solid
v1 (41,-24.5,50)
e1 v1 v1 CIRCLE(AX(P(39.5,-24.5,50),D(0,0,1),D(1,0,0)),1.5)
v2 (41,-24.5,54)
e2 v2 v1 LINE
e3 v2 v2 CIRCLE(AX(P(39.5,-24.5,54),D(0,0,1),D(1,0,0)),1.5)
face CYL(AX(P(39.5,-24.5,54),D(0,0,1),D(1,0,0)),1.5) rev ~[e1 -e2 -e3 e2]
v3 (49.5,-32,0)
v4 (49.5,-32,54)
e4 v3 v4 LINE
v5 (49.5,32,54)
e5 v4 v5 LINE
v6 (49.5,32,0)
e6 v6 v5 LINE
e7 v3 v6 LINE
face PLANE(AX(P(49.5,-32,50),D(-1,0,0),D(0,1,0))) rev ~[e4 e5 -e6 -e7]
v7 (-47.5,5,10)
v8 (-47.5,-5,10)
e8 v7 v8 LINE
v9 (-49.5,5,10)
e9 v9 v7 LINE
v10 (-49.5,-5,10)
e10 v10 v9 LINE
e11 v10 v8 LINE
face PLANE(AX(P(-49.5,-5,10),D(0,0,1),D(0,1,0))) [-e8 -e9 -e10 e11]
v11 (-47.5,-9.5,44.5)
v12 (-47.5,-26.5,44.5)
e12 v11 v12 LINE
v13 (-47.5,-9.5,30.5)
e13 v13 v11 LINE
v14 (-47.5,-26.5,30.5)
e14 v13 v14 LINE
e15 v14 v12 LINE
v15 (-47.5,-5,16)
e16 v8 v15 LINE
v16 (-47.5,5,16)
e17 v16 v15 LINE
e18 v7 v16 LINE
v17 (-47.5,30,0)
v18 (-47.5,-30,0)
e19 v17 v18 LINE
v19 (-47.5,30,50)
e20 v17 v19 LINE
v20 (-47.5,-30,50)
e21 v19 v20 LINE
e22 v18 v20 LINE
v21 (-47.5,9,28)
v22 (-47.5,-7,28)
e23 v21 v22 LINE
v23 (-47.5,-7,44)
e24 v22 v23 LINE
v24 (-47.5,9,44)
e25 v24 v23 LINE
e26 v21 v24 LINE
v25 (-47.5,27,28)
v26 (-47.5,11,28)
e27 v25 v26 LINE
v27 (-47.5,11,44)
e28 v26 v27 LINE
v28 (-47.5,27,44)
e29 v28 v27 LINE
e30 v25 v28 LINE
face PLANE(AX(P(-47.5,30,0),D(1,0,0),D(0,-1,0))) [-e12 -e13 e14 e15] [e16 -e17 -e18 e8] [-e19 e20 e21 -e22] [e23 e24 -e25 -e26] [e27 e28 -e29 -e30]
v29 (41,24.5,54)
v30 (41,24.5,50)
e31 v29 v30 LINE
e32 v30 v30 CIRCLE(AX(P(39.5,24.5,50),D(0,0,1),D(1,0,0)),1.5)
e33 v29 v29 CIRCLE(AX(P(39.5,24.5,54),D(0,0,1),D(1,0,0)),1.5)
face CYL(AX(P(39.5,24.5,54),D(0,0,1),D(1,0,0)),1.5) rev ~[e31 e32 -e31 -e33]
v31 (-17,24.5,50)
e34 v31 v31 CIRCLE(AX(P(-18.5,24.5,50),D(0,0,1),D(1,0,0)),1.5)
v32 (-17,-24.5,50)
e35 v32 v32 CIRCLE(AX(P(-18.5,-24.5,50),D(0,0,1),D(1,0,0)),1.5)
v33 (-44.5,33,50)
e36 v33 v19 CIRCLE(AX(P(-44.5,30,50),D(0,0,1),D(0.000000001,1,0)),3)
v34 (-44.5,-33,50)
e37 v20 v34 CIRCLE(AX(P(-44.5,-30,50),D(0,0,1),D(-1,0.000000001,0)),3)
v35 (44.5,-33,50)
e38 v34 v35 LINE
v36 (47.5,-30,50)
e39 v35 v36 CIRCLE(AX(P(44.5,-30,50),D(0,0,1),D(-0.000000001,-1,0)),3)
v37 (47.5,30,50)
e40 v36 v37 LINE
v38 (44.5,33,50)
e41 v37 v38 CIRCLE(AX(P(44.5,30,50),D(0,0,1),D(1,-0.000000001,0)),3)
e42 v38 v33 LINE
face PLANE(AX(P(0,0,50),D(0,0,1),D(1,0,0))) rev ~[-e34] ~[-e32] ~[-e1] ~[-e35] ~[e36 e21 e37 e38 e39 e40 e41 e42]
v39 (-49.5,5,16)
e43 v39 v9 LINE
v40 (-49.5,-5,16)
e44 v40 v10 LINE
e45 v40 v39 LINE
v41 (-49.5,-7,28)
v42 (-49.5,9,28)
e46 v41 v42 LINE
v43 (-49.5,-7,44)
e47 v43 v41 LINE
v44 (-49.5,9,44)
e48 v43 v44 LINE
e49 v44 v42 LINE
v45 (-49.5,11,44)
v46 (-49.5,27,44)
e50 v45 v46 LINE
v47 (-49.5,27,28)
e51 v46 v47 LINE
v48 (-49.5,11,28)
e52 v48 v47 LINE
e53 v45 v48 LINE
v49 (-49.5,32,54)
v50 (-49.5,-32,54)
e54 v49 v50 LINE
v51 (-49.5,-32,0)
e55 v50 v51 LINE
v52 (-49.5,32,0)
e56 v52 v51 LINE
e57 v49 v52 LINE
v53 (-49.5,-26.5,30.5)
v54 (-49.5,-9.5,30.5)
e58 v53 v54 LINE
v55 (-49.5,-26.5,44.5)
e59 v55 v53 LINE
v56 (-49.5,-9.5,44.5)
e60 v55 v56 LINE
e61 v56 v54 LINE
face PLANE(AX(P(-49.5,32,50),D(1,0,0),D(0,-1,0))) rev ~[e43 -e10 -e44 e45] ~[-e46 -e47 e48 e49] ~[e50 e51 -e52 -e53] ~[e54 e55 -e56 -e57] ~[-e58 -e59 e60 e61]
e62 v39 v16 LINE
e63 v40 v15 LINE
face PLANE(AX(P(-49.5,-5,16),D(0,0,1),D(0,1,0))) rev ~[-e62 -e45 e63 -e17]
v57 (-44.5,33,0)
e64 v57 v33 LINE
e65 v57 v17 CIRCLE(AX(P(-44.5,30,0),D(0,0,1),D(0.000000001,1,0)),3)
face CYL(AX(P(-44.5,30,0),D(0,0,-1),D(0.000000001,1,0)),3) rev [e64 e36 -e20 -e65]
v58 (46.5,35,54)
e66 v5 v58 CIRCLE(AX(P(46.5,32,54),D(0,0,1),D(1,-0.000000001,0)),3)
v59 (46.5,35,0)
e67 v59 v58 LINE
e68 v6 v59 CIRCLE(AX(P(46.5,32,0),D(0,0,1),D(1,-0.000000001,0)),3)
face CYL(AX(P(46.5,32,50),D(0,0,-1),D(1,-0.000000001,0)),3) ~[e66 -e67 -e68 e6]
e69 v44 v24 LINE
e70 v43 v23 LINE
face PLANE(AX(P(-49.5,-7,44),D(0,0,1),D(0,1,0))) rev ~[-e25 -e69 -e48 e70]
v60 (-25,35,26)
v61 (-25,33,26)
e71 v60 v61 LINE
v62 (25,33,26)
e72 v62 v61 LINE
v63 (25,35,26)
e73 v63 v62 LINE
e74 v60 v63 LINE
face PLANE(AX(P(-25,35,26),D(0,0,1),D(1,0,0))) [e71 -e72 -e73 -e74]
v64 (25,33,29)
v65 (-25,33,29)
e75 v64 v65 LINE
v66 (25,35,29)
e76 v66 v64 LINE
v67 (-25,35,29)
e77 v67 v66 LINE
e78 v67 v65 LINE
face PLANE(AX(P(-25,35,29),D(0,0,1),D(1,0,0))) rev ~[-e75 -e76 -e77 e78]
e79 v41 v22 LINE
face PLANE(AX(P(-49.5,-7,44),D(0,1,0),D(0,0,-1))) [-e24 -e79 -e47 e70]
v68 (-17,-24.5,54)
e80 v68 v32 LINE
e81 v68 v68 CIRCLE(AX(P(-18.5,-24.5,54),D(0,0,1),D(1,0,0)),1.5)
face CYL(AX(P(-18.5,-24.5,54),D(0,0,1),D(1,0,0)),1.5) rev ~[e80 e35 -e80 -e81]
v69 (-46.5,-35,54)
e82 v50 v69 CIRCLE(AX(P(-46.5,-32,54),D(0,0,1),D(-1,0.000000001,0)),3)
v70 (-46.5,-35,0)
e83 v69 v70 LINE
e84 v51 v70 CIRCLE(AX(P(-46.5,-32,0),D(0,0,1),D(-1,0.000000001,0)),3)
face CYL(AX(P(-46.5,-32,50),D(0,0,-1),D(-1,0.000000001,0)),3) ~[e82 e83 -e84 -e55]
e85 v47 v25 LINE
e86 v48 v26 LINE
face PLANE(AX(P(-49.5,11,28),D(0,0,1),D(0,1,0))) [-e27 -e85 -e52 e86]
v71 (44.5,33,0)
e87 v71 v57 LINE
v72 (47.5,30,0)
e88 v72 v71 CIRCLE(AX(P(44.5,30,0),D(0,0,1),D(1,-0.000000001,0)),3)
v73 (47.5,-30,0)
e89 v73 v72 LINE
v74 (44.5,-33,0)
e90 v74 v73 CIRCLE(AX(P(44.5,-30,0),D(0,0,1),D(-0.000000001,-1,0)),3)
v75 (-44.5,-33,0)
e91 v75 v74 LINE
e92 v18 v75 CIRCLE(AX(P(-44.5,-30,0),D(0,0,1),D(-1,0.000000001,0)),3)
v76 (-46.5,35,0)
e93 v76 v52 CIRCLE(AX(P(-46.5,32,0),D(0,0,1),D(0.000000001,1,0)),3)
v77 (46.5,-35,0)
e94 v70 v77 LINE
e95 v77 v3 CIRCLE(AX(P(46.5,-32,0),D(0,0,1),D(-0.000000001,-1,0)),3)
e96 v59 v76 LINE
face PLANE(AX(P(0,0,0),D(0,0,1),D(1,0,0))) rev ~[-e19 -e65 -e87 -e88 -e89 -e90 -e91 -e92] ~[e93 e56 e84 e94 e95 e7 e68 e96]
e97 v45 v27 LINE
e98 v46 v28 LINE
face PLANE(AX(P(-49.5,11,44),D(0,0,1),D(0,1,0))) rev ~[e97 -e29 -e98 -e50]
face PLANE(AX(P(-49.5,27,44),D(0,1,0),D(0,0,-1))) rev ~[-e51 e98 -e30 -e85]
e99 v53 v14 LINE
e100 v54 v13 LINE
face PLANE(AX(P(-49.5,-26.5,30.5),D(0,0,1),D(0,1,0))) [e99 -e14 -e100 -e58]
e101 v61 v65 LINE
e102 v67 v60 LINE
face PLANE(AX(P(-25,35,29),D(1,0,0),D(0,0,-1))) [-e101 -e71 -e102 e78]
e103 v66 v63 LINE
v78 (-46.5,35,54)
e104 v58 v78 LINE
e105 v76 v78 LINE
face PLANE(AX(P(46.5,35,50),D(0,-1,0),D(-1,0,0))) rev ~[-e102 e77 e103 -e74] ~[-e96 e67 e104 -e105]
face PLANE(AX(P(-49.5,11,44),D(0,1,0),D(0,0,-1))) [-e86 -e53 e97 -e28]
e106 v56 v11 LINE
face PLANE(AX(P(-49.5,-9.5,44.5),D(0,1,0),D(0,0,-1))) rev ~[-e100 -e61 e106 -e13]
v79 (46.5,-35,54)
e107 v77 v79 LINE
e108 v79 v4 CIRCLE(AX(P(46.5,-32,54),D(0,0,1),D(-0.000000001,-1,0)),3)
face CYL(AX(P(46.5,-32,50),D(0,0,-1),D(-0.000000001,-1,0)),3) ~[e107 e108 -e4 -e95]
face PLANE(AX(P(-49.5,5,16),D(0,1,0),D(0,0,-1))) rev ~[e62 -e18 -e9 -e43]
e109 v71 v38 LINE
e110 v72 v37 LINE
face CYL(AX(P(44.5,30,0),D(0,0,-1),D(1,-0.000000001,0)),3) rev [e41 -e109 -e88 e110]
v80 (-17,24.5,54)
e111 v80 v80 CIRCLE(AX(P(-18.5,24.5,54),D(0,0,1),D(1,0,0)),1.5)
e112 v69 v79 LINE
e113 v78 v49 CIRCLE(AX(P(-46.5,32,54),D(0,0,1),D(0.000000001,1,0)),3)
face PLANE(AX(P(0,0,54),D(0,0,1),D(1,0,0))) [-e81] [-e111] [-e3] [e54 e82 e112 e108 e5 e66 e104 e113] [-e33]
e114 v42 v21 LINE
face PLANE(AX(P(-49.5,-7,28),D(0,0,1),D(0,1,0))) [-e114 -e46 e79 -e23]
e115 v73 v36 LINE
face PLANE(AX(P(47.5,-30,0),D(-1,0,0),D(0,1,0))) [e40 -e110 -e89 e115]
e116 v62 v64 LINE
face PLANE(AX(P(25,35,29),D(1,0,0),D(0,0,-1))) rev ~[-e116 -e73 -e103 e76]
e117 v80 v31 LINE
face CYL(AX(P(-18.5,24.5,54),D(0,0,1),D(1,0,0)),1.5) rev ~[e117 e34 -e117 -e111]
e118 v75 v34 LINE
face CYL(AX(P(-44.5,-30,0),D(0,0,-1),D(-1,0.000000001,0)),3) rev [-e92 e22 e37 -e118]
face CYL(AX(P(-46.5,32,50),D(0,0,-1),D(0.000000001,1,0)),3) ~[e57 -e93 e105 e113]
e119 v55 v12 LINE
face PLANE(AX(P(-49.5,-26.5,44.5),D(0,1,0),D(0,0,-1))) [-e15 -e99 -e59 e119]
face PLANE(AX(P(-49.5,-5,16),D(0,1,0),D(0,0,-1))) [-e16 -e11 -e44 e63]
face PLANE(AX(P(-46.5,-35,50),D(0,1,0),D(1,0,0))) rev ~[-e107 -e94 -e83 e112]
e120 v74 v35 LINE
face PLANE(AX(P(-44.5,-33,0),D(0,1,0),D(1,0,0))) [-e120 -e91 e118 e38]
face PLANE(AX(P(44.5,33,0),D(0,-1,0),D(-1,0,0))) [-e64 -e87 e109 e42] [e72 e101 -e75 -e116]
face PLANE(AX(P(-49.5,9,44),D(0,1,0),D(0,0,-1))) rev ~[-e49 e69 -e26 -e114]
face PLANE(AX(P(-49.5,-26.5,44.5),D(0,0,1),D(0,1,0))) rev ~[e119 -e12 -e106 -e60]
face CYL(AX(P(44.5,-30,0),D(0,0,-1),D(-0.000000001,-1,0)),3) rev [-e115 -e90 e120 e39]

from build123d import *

# Parameters (mm, degrees)
BOSS_EXTRU_1_DEPTH      = 50
BOSS_EXTRU_2_START      = 50
BOSS_EXTRU_2_DEPTH      = 4
ESQUISSE3_R             = 1.5
ENL_V_MAT_EXTRU_1_DEPTH = 82.186513658
ESQUISSE4_W             = 14
ESQUISSE4_H             = 17
ESQUISSE4_W_2           = 16
ESQUISSE4_H_2           = 16
ESQUISSE4_W_3           = 6
ESQUISSE4_H_3           = 10
ENL_V_MAT_EXTRU_4_DEPTH = 4
ESQUISSE5_W             = 50
ESQUISSE5_H             = 3
ENL_V_MAT_EXTRU_5_DEPTH = 4


with BuildPart() as part:
    # Esquisse1 → Boss.-Extru.1 (new body)
    with BuildSketch(Plane.XY):
        with BuildLine():
            Line((-46.5, -35), (46.5, -35))
            ThreePointArc((46.5, -35), (48.621320344, -34.121320344), (49.5, -32))
            Line((49.5, -32), (49.5, 32))
            ThreePointArc((49.5, 32), (48.621320344, 34.121320344), (46.5, 35))
            Line((46.5, 35), (-46.5, 35))
            ThreePointArc((-46.5, 35), (-48.621320344, 34.121320344), (-49.5, 32))
            Line((-49.5, 32), (-49.5, -32))
            ThreePointArc((-49.5, -32), (-48.621320344, -34.121320344), (-46.5, -35))
        make_face()
        with BuildLine():
            ThreePointArc((44.5, -33), (46.621320344, -32.121320344), (47.5, -30))
            Line((47.5, -30), (47.5, 30))
            ThreePointArc((47.5, 30), (46.621320344, 32.121320344), (44.5, 33))
            Line((44.5, 33), (-44.5, 33))
            ThreePointArc((-44.5, 33), (-46.621320344, 32.121320344), (-47.5, 30))
            Line((-47.5, 30), (-47.5, -30))
            ThreePointArc((-47.5, -30), (-46.621320344, -32.121320344), (-44.5, -33))
            Line((-44.5, -33), (44.5, -33))
        make_face(mode=Mode.SUBTRACT)
    extrude(amount=BOSS_EXTRU_1_DEPTH)

    # Esquisse2 → Boss.-Extru.2 (add)
    with BuildSketch(Plane.XY.offset(BOSS_EXTRU_2_START)):
        with BuildLine():
            Line((-46.5, -35), (46.5, -35))
            ThreePointArc((46.5, -35), (48.621320344, -34.121320344), (49.5, -32))
            Line((49.5, -32), (49.5, 32))
            ThreePointArc((49.5, 32), (48.621320344, 34.121320344), (46.5, 35))
            Line((46.5, 35), (-46.5, 35))
            ThreePointArc((-46.5, 35), (-48.621320344, 34.121320344), (-49.5, 32))
            Line((-49.5, 32), (-49.5, -32))
            ThreePointArc((-49.5, -32), (-48.621320344, -34.121320344), (-46.5, -35))
        make_face()
    extrude(amount=BOSS_EXTRU_2_DEPTH)

    # Esquisse3 → Enlèv. mat.-Extru.1 (cut, through all)
    with BuildSketch(Plane.XY.offset(54)):
        with Locations((39.5, 24.5)):
            Circle(ESQUISSE3_R)
        with Locations((-18.5, 24.5)):
            Circle(ESQUISSE3_R)
        with Locations((39.5, -24.5)):
            Circle(ESQUISSE3_R)
        with Locations((-18.5, -24.5)):
            Circle(ESQUISSE3_R)
    extrude(amount=-ENL_V_MAT_EXTRU_1_DEPTH, mode=Mode.SUBTRACT)

    # Esquisse4 → Enlèv. mat.-Extru.4 (cut)
    with BuildSketch(Plane(origin=(-49.5, 0, 0), x_dir=(0, 0, -1), z_dir=(1, 0, 0))):
        with Locations((-37.5, -18)):
            Rectangle(ESQUISSE4_W, ESQUISSE4_H)
        with Locations((-36, 1)):
            Rectangle(ESQUISSE4_W_2, ESQUISSE4_H_2)
        with Locations((-36, 19)):
            Rectangle(ESQUISSE4_W_2, ESQUISSE4_H_2)
        with Locations((-13, 0)):
            Rectangle(ESQUISSE4_W_3, ESQUISSE4_H_3)
    extrude(amount=ENL_V_MAT_EXTRU_4_DEPTH, mode=Mode.SUBTRACT)

    # Esquisse5 → Enlèv. mat.-Extru.5 (cut)
    with BuildSketch(Plane(origin=(0, 35, 0), x_dir=(1, 0, 0), z_dir=(0, 1, 0))):
        with Locations((0, -27.5)):
            Rectangle(ESQUISSE5_W, ESQUISSE5_H)
    extrude(amount=-ENL_V_MAT_EXTRU_5_DEPTH, mode=Mode.SUBTRACT)


solid = part.part
